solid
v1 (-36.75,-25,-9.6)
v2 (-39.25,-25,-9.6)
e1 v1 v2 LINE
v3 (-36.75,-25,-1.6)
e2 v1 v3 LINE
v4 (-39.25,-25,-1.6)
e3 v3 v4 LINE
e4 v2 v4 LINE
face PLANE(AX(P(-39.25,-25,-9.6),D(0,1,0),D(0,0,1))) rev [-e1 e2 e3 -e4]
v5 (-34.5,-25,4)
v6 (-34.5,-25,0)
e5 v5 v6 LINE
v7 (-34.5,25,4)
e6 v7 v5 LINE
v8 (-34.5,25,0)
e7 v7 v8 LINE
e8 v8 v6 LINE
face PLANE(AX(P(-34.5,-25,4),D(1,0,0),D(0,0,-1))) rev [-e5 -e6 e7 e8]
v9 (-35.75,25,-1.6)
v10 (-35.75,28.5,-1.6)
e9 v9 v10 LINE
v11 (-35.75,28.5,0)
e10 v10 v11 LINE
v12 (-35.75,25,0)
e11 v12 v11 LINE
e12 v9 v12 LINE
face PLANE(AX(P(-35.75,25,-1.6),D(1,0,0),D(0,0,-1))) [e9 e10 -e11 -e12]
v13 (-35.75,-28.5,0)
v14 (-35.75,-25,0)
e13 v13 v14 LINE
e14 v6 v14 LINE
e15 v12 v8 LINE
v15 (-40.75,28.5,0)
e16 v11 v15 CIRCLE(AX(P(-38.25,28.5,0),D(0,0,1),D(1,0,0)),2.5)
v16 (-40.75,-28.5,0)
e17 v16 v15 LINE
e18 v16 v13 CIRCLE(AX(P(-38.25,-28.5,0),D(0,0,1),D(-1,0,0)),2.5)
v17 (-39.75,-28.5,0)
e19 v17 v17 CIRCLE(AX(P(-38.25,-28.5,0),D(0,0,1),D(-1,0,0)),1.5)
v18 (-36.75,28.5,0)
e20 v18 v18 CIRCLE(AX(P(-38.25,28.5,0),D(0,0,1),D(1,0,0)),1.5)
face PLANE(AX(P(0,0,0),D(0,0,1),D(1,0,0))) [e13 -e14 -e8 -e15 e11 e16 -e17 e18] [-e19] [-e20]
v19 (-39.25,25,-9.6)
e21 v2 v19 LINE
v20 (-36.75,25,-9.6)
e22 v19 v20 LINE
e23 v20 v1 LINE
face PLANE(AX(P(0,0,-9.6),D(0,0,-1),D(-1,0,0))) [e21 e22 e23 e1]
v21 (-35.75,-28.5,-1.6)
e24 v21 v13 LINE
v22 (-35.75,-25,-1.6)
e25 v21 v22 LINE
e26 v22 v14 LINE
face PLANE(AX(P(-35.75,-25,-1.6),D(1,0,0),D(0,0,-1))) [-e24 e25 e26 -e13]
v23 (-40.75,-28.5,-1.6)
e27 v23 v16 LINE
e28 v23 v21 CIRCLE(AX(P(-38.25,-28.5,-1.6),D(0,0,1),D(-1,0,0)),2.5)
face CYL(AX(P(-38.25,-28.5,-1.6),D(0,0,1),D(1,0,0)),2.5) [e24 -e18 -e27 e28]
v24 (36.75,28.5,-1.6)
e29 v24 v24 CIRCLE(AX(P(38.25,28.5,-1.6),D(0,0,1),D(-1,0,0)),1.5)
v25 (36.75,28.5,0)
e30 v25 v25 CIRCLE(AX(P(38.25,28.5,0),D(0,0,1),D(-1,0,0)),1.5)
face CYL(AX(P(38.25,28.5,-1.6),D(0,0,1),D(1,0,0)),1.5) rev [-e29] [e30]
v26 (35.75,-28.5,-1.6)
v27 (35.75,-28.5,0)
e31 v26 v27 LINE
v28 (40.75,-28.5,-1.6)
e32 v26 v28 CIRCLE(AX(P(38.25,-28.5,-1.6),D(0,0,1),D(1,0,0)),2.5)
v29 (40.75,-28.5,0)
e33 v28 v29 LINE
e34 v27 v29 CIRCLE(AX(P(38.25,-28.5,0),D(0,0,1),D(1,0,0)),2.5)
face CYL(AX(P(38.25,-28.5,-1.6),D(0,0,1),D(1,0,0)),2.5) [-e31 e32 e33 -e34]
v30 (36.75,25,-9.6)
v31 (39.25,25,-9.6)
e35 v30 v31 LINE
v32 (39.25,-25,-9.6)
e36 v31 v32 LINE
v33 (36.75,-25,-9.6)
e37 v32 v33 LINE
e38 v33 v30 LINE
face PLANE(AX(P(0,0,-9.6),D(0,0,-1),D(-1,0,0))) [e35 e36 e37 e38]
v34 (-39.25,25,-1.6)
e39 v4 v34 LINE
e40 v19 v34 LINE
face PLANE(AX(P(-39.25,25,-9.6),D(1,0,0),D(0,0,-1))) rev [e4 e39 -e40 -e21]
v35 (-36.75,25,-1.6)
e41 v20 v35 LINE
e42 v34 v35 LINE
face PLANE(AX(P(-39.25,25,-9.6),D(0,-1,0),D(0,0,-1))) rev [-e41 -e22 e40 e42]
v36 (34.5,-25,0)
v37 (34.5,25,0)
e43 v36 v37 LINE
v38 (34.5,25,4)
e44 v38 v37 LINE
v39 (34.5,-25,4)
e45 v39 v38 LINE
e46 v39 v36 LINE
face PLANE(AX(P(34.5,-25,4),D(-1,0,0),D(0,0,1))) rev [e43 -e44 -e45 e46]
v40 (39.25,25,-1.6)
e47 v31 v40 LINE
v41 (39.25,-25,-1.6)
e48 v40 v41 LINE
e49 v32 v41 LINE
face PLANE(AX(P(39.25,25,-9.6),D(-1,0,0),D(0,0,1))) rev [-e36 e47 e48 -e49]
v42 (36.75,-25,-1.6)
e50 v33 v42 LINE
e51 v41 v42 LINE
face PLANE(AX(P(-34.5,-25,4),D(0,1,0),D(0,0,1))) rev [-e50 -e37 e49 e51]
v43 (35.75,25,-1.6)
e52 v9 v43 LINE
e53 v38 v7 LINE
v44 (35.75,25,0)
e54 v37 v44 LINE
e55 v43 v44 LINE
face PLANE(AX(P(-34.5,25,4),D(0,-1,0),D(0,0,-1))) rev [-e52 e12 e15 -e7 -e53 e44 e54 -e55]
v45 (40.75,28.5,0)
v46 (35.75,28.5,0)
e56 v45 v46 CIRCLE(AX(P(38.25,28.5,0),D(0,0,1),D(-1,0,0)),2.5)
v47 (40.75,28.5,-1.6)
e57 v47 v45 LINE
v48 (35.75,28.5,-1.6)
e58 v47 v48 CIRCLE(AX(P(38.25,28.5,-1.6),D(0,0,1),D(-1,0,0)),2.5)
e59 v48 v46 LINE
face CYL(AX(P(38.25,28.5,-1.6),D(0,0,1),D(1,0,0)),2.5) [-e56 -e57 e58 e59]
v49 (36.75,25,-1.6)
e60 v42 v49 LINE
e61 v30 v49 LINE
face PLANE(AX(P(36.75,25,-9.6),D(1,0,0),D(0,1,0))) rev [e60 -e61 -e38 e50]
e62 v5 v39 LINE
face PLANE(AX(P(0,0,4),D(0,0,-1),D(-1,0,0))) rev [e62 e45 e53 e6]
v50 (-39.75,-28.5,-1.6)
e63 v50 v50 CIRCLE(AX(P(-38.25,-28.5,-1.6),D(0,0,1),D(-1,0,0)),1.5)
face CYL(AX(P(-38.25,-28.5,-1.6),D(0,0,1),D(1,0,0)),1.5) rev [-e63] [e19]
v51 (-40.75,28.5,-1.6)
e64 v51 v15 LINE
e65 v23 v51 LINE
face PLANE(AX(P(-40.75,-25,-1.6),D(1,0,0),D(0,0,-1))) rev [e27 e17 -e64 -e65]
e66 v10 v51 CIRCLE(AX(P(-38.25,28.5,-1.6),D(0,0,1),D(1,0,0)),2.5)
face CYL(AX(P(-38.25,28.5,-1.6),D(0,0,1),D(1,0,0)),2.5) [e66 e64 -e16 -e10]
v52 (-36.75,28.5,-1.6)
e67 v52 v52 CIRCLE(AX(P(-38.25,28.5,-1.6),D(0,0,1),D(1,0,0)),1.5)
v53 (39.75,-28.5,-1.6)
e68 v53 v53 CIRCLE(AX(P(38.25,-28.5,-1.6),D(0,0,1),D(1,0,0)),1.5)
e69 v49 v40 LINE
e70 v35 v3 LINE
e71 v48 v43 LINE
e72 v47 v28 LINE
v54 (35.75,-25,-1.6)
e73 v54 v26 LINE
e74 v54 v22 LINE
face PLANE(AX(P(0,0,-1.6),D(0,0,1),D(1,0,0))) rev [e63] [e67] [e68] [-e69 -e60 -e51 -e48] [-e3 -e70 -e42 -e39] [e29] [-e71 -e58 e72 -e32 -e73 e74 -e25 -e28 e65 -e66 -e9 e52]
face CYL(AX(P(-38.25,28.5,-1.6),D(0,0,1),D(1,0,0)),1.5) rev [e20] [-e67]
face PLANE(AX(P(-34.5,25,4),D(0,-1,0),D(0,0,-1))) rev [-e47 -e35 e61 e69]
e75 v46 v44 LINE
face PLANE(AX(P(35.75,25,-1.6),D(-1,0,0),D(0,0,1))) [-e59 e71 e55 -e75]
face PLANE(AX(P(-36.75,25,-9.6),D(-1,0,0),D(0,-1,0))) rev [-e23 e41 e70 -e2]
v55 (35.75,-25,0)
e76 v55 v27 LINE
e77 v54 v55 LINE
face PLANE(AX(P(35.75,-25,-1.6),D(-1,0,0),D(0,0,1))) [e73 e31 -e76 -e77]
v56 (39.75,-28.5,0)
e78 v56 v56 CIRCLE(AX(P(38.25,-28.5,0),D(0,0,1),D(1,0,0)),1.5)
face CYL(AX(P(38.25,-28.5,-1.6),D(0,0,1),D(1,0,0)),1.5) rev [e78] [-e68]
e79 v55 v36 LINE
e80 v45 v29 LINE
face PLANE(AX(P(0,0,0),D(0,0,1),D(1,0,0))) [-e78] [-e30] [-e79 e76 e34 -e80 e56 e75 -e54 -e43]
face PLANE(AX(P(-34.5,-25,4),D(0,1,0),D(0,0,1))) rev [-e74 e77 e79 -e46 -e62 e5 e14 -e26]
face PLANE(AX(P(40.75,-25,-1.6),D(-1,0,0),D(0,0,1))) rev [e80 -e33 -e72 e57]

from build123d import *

# Parameters (mm, degrees)
SKETCH1_W             = 69
SKETCH1_H             = 50
BOSS_EXTRUDE1_DEPTH   = 4
SKETCH2_W             = 81.5
SKETCH2_H             = 50
BOSS_EXTRUDE2_DEPTH   = 1.6
SKETCH4_R             = 1.5
BOSS_EXTRUDE3_DEPTH   = 1.6
BOSS_EXTRUDE3_2_DEPTH = 1.6
BOSS_EXTRUDE3_3_DEPTH = 1.6
BOSS_EXTRUDE3_4_DEPTH = 1.6
SKETCH5_W             = 2.5
SKETCH5_H             = 50
BOSS_EXTRUDE4_DEPTH   = 8


with BuildPart() as part:
    # Sketch1 → Boss-Extrude1 (new body)
    with BuildSketch(Plane.XY):
        Rectangle(SKETCH1_W, SKETCH1_H)
    extrude(amount=BOSS_EXTRUDE1_DEPTH)

    # Sketch2 → Boss-Extrude2 (add)
    with BuildSketch(Plane(origin=(0, 0, 0), x_dir=(-1, 0, 0), z_dir=(0, 0, -1))):
        Rectangle(SKETCH2_W, SKETCH2_H)
    extrude(amount=BOSS_EXTRUDE2_DEPTH)



with BuildPart() as body_2:
    # Sketch4 → Boss-Extrude3 (new body)
    with BuildSketch(Plane.XY):
        with BuildLine():
            Line((-40.75, 28.5), (-40.75, 25))
            Line((-40.75, 25), (-35.75, 25))
            Line((-35.75, 25), (-35.75, 28.5))
            ThreePointArc((-35.75, 28.5), (-38.25, 31), (-40.75, 28.5))
        make_face()
        with Locations((-38.25, 28.5)):
            Circle(SKETCH4_R, mode=Mode.SUBTRACT)
    extrude(amount=-BOSS_EXTRUDE3_DEPTH)


with BuildPart() as body_3:
    # Sketch4 → Boss-Extrude3 2 (new body)
    with BuildSketch(Plane.XY):
        with BuildLine():
            Line((-35.75, -25), (-35.75, -28.5))
            ThreePointArc((-35.75, -28.5), (-38.25, -31), (-40.75, -28.5))
            Line((-40.75, -28.5), (-40.75, -25))
            Line((-40.75, -25), (-35.75, -25))
        make_face()
        with Locations((-38.25, -28.5)):
            Circle(SKETCH4_R, mode=Mode.SUBTRACT)
    extrude(amount=-BOSS_EXTRUDE3_2_DEPTH)


with BuildPart() as body_4:
    # Sketch4 → Boss-Extrude3 3 (new body)
    with BuildSketch(Plane.XY):
        with BuildLine():
            Line((40.75, -28.5), (40.75, -25))
            Line((40.75, -25), (35.75, -25))
            Line((35.75, -25), (35.75, -28.5))
            ThreePointArc((35.75, -28.5), (38.25, -31), (40.75, -28.5))
        make_face()
        with Locations((38.25, -28.5)):
            Circle(SKETCH4_R, mode=Mode.SUBTRACT)
    extrude(amount=-BOSS_EXTRUDE3_3_DEPTH)


with BuildPart() as body_5:
    # Sketch4 → Boss-Extrude3 4 (new body)
    with BuildSketch(Plane.XY):
        with BuildLine():
            Line((35.75, 25), (35.75, 28.5))
            ThreePointArc((35.75, 28.5), (38.25, 31), (40.75, 28.5))
            Line((40.75, 28.5), (40.75, 25))
            Line((40.75, 25), (35.75, 25))
        make_face()
        with Locations((38.25, 28.5)):
            Circle(SKETCH4_R, mode=Mode.SUBTRACT)
    extrude(amount=-BOSS_EXTRUDE3_4_DEPTH)


with BuildPart() as part_1:
    add(part.part)

    add(body_2.part)  # Boss-Extrude4 merges body 2

    add(body_3.part)  # Boss-Extrude4 merges body 3

    add(body_4.part)  # Boss-Extrude4 merges body 4

    add(body_5.part)  # Boss-Extrude4 merges body 5
    # Sketch5 → Boss-Extrude4 (add)
    with BuildSketch(Plane(origin=(0, 0, -1.6), x_dir=(-1, 0, 0), z_dir=(0, 0, -1))):
        with Locations((-38, 0)):
            Rectangle(SKETCH5_W, SKETCH5_H)
        with Locations((38, 0)):
            Rectangle(SKETCH5_W, SKETCH5_H)
    extrude(amount=BOSS_EXTRUDE4_DEPTH)


solid = part_1.part
